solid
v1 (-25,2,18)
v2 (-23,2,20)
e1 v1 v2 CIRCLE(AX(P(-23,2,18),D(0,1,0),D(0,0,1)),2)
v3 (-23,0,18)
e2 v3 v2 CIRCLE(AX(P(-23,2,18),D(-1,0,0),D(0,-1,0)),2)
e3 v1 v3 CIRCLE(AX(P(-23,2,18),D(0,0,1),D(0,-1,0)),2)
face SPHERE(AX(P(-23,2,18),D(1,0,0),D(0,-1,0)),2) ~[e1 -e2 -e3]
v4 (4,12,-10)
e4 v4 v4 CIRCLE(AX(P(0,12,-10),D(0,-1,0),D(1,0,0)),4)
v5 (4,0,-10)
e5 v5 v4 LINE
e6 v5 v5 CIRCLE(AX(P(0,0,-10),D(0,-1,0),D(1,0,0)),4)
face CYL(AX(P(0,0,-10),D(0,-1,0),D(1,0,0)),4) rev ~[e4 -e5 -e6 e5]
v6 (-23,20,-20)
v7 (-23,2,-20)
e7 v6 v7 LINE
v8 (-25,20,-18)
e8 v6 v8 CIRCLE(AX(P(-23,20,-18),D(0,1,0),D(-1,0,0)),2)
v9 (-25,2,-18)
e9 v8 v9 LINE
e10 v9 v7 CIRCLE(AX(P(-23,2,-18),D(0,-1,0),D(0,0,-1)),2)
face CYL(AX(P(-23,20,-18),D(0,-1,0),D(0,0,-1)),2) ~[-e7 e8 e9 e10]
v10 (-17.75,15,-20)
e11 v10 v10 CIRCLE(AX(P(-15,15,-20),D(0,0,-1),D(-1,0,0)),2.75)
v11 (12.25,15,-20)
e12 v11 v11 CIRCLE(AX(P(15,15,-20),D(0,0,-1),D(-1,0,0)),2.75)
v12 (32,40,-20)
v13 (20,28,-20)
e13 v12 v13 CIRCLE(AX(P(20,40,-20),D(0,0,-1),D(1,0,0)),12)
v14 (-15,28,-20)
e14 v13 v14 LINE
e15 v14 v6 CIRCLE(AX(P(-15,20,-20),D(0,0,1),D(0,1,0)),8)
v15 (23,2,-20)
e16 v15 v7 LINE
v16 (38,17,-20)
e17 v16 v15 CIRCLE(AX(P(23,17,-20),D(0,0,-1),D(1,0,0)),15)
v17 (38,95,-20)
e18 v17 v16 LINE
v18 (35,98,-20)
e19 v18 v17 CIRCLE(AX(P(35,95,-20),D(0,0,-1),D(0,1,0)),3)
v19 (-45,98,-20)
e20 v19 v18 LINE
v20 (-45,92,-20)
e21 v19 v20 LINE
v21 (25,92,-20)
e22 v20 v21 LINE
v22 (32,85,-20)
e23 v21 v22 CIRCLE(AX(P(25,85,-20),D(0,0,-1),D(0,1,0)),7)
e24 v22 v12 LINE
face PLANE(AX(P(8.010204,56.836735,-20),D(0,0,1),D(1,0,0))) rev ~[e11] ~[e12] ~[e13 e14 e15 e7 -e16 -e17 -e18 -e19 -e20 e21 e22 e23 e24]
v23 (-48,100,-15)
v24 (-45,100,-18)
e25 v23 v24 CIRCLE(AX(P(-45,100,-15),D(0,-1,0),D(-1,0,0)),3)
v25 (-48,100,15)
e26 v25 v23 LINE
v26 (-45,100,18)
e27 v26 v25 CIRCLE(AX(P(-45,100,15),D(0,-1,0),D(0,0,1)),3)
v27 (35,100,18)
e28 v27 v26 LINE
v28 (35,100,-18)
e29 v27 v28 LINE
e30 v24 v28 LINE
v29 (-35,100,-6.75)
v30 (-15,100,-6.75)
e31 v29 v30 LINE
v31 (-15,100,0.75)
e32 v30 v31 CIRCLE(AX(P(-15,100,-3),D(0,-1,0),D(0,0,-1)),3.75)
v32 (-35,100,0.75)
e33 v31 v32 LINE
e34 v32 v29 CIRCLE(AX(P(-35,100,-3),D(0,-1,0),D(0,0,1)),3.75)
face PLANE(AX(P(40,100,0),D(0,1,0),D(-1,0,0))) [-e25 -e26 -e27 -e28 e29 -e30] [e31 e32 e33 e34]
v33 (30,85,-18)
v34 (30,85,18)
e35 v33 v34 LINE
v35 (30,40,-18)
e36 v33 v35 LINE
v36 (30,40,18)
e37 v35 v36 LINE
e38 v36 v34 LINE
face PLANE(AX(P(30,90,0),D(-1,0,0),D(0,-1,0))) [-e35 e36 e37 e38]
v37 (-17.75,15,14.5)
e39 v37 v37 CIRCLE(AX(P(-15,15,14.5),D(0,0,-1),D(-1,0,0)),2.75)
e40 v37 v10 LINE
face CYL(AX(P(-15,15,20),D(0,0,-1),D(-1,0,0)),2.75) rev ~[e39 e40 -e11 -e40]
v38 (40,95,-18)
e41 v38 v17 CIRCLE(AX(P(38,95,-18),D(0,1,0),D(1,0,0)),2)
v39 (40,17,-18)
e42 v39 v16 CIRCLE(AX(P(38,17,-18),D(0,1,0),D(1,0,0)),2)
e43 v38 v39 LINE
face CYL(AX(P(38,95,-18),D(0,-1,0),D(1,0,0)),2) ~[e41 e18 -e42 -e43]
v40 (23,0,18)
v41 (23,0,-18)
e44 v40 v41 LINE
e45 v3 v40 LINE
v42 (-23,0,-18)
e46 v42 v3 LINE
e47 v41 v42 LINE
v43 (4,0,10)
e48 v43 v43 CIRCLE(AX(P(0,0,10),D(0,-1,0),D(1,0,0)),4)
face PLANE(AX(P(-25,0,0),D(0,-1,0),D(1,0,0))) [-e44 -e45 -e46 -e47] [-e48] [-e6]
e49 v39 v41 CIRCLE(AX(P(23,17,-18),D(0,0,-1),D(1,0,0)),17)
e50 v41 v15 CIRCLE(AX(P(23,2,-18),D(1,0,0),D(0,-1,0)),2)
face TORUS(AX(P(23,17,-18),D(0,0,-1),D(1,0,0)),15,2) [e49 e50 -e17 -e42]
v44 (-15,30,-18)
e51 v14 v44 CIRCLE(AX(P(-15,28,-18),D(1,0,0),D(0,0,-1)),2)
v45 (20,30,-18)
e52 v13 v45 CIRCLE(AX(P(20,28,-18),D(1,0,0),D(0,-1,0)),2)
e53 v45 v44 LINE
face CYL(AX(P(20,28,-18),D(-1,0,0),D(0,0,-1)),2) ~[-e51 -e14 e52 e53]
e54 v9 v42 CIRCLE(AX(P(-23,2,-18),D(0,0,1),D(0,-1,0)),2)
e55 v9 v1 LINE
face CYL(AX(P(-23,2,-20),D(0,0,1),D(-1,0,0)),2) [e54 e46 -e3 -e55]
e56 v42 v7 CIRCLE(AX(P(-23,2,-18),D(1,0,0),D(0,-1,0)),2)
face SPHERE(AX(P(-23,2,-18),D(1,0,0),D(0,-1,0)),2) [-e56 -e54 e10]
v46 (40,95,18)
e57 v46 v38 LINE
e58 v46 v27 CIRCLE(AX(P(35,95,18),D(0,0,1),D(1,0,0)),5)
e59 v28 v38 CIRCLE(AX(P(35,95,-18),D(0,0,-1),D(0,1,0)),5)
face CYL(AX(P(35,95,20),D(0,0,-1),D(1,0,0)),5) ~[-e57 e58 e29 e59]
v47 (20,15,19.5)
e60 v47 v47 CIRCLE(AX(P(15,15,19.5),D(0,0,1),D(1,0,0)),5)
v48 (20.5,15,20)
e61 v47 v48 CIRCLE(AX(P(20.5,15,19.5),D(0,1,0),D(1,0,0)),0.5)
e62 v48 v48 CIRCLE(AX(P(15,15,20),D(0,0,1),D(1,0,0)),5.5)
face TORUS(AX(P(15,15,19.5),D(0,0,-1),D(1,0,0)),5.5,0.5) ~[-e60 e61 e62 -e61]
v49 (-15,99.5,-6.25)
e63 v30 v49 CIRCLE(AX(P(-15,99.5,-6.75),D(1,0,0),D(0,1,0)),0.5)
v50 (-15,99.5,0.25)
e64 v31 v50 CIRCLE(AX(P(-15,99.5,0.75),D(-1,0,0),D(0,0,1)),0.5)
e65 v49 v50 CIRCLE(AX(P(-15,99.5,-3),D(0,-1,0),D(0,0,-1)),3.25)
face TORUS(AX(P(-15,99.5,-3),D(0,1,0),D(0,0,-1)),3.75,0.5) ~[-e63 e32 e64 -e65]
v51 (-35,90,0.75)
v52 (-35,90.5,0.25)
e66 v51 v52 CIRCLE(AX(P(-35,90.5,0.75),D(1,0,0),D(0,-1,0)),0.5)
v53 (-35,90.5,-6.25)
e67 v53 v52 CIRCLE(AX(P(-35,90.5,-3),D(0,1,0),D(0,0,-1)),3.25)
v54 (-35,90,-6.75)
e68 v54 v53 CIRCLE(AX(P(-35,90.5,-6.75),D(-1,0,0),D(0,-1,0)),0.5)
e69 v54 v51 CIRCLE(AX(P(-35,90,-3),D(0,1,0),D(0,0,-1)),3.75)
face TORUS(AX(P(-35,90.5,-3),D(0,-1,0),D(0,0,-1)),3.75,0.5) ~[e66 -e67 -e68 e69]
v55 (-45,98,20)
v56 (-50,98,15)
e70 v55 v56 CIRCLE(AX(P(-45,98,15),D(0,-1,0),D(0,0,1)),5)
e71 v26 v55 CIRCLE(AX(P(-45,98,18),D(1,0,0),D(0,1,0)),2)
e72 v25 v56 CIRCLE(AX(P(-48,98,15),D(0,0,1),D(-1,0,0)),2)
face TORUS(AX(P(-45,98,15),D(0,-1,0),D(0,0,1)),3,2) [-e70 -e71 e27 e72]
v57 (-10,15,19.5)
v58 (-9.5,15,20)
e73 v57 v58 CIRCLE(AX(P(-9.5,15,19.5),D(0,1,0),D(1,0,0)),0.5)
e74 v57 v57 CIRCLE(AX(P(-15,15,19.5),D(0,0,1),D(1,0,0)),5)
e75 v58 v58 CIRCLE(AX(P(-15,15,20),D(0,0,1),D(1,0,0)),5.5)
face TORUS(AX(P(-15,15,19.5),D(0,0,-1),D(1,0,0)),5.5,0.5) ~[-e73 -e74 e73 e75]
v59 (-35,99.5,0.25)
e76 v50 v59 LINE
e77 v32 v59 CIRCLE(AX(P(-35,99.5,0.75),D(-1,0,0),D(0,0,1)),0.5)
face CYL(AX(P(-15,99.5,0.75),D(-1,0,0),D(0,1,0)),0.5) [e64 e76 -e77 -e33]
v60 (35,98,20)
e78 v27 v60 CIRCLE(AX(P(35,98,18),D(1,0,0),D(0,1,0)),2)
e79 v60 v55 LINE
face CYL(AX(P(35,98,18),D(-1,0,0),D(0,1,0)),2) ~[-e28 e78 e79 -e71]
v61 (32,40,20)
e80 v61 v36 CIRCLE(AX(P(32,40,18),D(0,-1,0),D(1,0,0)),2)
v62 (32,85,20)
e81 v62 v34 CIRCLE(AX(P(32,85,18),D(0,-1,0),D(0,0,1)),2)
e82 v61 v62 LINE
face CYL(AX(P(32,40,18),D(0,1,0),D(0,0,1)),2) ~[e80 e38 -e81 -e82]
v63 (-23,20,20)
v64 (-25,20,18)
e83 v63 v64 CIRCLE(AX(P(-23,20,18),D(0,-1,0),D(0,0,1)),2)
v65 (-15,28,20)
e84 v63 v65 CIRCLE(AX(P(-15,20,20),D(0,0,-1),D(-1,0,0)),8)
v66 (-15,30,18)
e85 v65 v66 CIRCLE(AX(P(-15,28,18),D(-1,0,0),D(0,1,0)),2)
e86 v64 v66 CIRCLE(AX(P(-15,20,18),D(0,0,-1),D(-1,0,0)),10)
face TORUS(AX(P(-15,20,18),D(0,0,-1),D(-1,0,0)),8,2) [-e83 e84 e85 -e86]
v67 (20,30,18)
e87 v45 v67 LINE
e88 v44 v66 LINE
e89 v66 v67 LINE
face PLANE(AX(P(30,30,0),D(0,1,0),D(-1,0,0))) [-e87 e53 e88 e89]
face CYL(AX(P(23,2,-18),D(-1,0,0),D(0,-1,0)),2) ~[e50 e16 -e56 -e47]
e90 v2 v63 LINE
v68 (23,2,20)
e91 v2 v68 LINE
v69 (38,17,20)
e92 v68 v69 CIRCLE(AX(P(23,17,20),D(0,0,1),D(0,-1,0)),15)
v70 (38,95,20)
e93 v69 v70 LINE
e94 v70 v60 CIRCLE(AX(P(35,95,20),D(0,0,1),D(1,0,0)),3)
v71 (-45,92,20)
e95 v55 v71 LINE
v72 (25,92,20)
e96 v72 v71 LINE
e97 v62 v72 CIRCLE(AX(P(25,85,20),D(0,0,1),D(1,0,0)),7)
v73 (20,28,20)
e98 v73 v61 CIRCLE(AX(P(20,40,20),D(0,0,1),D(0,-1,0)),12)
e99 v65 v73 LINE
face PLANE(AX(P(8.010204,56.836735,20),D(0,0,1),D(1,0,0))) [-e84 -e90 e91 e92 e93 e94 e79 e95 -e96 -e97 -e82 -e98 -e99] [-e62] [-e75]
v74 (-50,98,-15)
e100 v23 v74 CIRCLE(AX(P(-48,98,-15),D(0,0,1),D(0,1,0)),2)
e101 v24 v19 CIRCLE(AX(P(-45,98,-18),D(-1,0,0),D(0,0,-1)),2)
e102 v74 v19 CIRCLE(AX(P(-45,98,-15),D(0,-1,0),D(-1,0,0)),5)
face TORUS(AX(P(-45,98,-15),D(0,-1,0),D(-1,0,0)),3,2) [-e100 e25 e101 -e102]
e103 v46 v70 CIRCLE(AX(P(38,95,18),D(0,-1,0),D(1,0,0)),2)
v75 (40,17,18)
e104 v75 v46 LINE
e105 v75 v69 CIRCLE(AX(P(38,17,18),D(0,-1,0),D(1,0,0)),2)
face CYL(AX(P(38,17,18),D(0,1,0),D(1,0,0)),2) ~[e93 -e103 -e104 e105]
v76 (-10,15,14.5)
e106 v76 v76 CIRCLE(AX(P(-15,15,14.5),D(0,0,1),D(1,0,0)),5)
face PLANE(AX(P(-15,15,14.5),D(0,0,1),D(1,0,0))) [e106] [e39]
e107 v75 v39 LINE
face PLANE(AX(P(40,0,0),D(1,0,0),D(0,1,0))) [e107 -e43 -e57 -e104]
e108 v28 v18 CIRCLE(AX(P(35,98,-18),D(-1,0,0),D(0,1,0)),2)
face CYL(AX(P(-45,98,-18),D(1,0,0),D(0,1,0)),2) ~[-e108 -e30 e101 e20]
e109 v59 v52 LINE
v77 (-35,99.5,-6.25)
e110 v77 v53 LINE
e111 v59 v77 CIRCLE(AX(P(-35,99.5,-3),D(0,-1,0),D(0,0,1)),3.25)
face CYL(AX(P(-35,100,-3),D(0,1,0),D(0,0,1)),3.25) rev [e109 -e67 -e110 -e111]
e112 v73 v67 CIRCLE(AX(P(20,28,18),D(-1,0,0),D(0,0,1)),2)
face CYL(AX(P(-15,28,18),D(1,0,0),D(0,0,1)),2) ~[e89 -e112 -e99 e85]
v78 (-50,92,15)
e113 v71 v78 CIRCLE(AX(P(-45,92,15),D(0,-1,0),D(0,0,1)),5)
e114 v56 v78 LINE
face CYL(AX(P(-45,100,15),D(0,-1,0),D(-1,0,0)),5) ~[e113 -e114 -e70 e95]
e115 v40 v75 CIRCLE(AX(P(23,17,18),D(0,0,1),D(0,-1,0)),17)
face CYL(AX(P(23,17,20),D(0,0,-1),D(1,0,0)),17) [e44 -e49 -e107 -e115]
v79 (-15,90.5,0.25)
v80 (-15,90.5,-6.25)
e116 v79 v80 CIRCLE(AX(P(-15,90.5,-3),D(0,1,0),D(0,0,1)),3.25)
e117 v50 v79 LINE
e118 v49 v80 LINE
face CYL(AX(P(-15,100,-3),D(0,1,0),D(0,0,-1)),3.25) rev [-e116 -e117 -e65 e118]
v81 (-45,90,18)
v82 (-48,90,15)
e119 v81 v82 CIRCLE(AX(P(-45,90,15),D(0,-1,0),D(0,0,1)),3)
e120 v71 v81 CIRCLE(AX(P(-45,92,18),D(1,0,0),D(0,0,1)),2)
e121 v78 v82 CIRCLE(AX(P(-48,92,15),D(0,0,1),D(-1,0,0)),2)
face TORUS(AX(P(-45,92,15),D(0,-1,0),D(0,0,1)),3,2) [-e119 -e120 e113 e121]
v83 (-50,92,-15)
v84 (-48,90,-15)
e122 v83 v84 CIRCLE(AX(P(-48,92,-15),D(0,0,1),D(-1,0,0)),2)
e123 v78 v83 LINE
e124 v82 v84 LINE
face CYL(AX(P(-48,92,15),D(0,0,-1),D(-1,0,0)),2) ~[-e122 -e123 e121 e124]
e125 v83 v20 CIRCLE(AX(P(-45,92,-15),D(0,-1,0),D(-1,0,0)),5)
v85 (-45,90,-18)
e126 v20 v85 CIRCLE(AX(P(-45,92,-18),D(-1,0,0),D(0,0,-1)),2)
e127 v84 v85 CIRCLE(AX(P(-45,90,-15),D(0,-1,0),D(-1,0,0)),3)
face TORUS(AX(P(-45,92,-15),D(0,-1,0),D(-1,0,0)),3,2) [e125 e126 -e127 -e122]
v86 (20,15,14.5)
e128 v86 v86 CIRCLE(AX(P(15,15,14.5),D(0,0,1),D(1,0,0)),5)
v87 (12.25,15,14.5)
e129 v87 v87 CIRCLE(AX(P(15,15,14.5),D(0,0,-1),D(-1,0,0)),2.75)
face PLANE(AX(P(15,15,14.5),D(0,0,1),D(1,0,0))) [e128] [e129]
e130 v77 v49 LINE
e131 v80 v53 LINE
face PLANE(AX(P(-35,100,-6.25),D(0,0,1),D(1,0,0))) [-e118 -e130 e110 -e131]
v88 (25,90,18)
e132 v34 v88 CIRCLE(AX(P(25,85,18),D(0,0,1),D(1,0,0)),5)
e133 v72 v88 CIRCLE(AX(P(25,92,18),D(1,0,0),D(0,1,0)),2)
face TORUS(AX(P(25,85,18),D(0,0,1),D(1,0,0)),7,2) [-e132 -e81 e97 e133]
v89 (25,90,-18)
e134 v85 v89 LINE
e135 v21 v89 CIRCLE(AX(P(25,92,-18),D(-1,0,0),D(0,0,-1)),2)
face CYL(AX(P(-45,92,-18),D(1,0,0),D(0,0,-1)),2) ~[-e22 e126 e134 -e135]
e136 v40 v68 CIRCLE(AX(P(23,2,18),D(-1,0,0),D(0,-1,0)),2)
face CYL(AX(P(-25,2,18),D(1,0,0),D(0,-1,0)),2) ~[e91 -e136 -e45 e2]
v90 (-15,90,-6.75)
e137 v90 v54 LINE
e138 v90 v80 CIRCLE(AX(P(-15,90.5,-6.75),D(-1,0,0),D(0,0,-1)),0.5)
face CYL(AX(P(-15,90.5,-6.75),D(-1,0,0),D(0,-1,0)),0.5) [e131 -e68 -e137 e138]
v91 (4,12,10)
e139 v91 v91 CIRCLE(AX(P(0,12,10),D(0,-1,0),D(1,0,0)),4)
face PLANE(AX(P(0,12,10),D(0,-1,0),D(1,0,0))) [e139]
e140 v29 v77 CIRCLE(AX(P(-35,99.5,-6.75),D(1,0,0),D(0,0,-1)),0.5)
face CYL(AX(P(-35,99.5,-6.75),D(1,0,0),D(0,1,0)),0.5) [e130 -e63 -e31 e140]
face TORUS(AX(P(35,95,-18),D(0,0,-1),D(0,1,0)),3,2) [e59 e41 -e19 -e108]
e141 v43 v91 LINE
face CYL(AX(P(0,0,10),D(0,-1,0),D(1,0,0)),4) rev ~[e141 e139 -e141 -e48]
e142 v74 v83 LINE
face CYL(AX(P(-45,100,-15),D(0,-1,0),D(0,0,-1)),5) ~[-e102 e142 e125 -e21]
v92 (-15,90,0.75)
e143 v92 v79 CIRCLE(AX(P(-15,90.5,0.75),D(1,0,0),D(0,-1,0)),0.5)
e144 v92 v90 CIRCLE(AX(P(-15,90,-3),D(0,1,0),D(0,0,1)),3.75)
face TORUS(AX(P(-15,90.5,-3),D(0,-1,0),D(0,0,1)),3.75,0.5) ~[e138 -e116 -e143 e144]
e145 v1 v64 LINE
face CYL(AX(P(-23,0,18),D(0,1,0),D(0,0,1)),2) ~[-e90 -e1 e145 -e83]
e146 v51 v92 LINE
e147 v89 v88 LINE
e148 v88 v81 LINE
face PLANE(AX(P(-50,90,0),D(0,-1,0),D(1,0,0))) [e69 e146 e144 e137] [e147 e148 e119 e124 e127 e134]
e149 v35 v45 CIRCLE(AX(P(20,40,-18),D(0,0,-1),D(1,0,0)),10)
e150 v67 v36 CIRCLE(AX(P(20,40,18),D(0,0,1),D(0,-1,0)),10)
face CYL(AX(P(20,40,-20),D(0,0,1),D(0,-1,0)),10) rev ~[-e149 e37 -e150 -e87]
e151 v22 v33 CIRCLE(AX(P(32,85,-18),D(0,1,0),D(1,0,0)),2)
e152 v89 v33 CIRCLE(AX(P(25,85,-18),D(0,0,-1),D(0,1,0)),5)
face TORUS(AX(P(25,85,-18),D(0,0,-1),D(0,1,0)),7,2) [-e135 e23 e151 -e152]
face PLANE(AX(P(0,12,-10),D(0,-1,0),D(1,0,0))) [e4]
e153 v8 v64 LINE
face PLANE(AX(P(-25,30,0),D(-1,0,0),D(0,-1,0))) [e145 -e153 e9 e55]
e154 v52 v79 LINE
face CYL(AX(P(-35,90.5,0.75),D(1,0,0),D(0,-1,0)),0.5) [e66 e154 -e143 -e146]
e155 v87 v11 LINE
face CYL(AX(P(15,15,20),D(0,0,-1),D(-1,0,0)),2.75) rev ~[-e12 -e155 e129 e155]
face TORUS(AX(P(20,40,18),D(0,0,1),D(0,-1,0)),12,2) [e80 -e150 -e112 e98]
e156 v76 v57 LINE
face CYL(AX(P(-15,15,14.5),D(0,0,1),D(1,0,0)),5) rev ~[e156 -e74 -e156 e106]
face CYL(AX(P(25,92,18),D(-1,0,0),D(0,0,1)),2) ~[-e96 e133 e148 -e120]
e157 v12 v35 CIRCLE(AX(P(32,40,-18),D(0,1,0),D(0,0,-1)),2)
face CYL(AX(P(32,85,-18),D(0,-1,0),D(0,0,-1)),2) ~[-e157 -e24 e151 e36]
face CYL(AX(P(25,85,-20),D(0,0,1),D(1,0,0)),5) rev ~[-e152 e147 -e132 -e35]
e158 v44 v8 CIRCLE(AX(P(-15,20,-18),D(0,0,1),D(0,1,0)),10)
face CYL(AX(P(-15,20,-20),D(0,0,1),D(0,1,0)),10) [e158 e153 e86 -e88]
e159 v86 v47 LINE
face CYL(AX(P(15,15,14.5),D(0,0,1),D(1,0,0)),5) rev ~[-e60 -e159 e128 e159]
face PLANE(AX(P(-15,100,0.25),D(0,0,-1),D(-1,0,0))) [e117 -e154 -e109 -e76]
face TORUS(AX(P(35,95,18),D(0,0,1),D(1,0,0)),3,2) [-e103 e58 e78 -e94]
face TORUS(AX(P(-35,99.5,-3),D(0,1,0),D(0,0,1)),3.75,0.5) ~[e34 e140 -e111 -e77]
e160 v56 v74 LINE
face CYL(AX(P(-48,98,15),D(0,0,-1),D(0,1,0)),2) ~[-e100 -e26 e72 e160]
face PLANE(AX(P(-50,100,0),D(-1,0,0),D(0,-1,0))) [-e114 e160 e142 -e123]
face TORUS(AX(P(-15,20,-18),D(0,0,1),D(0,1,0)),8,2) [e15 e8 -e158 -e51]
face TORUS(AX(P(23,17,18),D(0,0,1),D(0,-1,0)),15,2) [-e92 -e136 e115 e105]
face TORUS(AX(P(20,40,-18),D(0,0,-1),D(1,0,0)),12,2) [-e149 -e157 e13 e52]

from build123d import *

# Parameters (mm, degrees)
AUFSATZ_LINEAR_AUSTRAGEN1_DEPTH                     = 20
SCHNITT_LINEAR_AUSTRAGEN1_DEPTH                     = 20
SKIZZE7_R                                           = 4
SCHNITT_LINEAR_AUSTRAGEN3_DEPTH                     = 12
STIRNSENKUNG_FUR_M3_SENKSCHRAUBE_KOPF_B_D           = 5.5
STIRNSENKUNG_FUR_M3_SENKSCHRAUBE_KOPF_B_CBORE_D     = 10
STIRNSENKUNG_FUR_M3_SENKSCHRAUBE_KOPF_B_CBORE_DEPTH = 5.5
VERRUNDUNG5_R                                       = 17
VERRUNDUNG6_R                                       = 10
VERRUNDUNG7_R                                       = 10
VERRUNDUNG9_R                                       = 5
VERRUNDUNG10_R                                      = 2
VERRUNDUNG11_R                                      = 0.5


with BuildPart() as part:
    # Skizze1 → Aufsatz-Linear austragen1 (new body, symmetric)
    with BuildSketch(Plane.XY):
        Polygon((-50, 100), (-50, 90), (30, 90), (30, 30), (-25, 30), (-25, 0), (40, 0), (40, 100), align=None)
    extrude(amount=AUFSATZ_LINEAR_AUSTRAGEN1_DEPTH, both=True)

    # Skizze3 → Schnitt-Linear austragen1 (cut)
    with BuildSketch(Plane(origin=(0, 100, 0), x_dir=(1, 0, 0), z_dir=(0, 1, 0))):
        with BuildLine():
            Line((-35, 6.25), (-15, 6.25))
            ThreePointArc((-15, 6.25), (-11.75, 3), (-15, -0.25))
            Line((-15, -0.25), (-35, -0.25))
            ThreePointArc((-35, -0.25), (-38.25, 3), (-35, 6.25))
        make_face()
    extrude(amount=-SCHNITT_LINEAR_AUSTRAGEN1_DEPTH, mode=Mode.SUBTRACT)

    # Skizze7 → Schnitt-Linear austragen3 (cut)
    with BuildSketch(Plane.XZ):
        with Locations((0, 10)):
            Circle(SKIZZE7_R)
        with Locations((0, -10)):
            Circle(SKIZZE7_R)
    extrude(amount=-SCHNITT_LINEAR_AUSTRAGEN3_DEPTH, mode=Mode.SUBTRACT)

    # Stirnsenkung fur M3 Senkschraube (Kopf Button)1 (through all)
    with Locations(Plane(origin=(-15, 15, 20), x_dir=(1, 0, 0), z_dir=(0, 0, 1))):
        with Locations((0, 0), (30, 0)):
            CounterBoreHole(STIRNSENKUNG_FUR_M3_SENKSCHRAUBE_KOPF_B_D / 2, STIRNSENKUNG_FUR_M3_SENKSCHRAUBE_KOPF_B_CBORE_D / 2, STIRNSENKUNG_FUR_M3_SENKSCHRAUBE_KOPF_B_CBORE_DEPTH)

    # Verrundung5
    verrundung5_edges = [part.edges().sort_by_distance(p)[0] for p in [
        (40, 0, 0),
    ]]
    fillet(verrundung5_edges, radius=VERRUNDUNG5_R)

    # Verrundung6
    verrundung6_edges = [part.edges().sort_by_distance(p)[0] for p in [
        (30, 30, 0),
    ]]
    fillet(verrundung6_edges, radius=VERRUNDUNG6_R)

    # Verrundung7
    verrundung7_edges = [part.edges().sort_by_distance(p)[0] for p in [
        (-25, 30, 0),
    ]]
    fillet(verrundung7_edges, radius=VERRUNDUNG7_R)

    # Verrundung9
    verrundung9_edges = [part.edges().sort_by_distance(p)[0] for p in [
        (30, 90, 0),
        (40, 100, 0),
        (-50, 95, 20),
        (-50, 95, -20),
    ]]
    fillet(verrundung9_edges, radius=VERRUNDUNG9_R)

    # Verrundung10
    verrundung10_edges = [part.edges().sort_by_distance(p)[0] for p in [
        (-1, 0, 20),
        (-25, 0, 0),
        (40, 56, -20),
        (40, 56, 20),
        (35.02081528, 4.97918472, -20),
        (35.02081528, 4.97918472, 20),
        (2.5, 30, -20),
        (2.5, 30, 20),
        (27.071067812, 32.928932188, -20),
        (27.071067812, 32.928932188, 20),
        (-25, 10, -20),
        (-25, 10, 20),
        (-22.071067812, 27.071067812, -20),
        (-22.071067812, 27.071067812, 20),
        (-5, 100, 20),
        (-10, 90, 20),
        (30, 62.5, 20),
        (38.535533906, 98.535533906, 20),
        (-10, 90, -20),
        (-50, 90, 0),
        (-48.535533906, 90, -18.535533906),
        (-48.535533906, 90, 18.535533906),
        (-50, 100, 0),
        (-5, 100, -20),
        (-48.535533906, 100, -18.535533906),
        (-48.535533906, 100, 18.535533906),
        (30, 62.5, -20),
        (-1, 0, -20),
        (38.535533906, 98.535533906, -20),
        (28.535533906, 88.535533906, -20),
        (28.535533906, 88.535533906, 20),
    ]]
    fillet(verrundung10_edges, radius=VERRUNDUNG10_R)

    # Verrundung11
    verrundung11_edges = [part.edges().sort_by_distance(p)[0] for p in [
        (-25, 90, 0.25),
        (-11.75, 90, -3),
        (-25, 90, -6.25),
        (-38.25, 90, -3),
        (-38.25, 100, -3),
        (-25, 100, 0.25),
        (-11.75, 100, -3),
        (-25, 100, -6.25),
        (10, 15, 20),
        (-20, 15, 20),
    ]]
    fillet(verrundung11_edges, radius=VERRUNDUNG11_R)


solid = part.part
